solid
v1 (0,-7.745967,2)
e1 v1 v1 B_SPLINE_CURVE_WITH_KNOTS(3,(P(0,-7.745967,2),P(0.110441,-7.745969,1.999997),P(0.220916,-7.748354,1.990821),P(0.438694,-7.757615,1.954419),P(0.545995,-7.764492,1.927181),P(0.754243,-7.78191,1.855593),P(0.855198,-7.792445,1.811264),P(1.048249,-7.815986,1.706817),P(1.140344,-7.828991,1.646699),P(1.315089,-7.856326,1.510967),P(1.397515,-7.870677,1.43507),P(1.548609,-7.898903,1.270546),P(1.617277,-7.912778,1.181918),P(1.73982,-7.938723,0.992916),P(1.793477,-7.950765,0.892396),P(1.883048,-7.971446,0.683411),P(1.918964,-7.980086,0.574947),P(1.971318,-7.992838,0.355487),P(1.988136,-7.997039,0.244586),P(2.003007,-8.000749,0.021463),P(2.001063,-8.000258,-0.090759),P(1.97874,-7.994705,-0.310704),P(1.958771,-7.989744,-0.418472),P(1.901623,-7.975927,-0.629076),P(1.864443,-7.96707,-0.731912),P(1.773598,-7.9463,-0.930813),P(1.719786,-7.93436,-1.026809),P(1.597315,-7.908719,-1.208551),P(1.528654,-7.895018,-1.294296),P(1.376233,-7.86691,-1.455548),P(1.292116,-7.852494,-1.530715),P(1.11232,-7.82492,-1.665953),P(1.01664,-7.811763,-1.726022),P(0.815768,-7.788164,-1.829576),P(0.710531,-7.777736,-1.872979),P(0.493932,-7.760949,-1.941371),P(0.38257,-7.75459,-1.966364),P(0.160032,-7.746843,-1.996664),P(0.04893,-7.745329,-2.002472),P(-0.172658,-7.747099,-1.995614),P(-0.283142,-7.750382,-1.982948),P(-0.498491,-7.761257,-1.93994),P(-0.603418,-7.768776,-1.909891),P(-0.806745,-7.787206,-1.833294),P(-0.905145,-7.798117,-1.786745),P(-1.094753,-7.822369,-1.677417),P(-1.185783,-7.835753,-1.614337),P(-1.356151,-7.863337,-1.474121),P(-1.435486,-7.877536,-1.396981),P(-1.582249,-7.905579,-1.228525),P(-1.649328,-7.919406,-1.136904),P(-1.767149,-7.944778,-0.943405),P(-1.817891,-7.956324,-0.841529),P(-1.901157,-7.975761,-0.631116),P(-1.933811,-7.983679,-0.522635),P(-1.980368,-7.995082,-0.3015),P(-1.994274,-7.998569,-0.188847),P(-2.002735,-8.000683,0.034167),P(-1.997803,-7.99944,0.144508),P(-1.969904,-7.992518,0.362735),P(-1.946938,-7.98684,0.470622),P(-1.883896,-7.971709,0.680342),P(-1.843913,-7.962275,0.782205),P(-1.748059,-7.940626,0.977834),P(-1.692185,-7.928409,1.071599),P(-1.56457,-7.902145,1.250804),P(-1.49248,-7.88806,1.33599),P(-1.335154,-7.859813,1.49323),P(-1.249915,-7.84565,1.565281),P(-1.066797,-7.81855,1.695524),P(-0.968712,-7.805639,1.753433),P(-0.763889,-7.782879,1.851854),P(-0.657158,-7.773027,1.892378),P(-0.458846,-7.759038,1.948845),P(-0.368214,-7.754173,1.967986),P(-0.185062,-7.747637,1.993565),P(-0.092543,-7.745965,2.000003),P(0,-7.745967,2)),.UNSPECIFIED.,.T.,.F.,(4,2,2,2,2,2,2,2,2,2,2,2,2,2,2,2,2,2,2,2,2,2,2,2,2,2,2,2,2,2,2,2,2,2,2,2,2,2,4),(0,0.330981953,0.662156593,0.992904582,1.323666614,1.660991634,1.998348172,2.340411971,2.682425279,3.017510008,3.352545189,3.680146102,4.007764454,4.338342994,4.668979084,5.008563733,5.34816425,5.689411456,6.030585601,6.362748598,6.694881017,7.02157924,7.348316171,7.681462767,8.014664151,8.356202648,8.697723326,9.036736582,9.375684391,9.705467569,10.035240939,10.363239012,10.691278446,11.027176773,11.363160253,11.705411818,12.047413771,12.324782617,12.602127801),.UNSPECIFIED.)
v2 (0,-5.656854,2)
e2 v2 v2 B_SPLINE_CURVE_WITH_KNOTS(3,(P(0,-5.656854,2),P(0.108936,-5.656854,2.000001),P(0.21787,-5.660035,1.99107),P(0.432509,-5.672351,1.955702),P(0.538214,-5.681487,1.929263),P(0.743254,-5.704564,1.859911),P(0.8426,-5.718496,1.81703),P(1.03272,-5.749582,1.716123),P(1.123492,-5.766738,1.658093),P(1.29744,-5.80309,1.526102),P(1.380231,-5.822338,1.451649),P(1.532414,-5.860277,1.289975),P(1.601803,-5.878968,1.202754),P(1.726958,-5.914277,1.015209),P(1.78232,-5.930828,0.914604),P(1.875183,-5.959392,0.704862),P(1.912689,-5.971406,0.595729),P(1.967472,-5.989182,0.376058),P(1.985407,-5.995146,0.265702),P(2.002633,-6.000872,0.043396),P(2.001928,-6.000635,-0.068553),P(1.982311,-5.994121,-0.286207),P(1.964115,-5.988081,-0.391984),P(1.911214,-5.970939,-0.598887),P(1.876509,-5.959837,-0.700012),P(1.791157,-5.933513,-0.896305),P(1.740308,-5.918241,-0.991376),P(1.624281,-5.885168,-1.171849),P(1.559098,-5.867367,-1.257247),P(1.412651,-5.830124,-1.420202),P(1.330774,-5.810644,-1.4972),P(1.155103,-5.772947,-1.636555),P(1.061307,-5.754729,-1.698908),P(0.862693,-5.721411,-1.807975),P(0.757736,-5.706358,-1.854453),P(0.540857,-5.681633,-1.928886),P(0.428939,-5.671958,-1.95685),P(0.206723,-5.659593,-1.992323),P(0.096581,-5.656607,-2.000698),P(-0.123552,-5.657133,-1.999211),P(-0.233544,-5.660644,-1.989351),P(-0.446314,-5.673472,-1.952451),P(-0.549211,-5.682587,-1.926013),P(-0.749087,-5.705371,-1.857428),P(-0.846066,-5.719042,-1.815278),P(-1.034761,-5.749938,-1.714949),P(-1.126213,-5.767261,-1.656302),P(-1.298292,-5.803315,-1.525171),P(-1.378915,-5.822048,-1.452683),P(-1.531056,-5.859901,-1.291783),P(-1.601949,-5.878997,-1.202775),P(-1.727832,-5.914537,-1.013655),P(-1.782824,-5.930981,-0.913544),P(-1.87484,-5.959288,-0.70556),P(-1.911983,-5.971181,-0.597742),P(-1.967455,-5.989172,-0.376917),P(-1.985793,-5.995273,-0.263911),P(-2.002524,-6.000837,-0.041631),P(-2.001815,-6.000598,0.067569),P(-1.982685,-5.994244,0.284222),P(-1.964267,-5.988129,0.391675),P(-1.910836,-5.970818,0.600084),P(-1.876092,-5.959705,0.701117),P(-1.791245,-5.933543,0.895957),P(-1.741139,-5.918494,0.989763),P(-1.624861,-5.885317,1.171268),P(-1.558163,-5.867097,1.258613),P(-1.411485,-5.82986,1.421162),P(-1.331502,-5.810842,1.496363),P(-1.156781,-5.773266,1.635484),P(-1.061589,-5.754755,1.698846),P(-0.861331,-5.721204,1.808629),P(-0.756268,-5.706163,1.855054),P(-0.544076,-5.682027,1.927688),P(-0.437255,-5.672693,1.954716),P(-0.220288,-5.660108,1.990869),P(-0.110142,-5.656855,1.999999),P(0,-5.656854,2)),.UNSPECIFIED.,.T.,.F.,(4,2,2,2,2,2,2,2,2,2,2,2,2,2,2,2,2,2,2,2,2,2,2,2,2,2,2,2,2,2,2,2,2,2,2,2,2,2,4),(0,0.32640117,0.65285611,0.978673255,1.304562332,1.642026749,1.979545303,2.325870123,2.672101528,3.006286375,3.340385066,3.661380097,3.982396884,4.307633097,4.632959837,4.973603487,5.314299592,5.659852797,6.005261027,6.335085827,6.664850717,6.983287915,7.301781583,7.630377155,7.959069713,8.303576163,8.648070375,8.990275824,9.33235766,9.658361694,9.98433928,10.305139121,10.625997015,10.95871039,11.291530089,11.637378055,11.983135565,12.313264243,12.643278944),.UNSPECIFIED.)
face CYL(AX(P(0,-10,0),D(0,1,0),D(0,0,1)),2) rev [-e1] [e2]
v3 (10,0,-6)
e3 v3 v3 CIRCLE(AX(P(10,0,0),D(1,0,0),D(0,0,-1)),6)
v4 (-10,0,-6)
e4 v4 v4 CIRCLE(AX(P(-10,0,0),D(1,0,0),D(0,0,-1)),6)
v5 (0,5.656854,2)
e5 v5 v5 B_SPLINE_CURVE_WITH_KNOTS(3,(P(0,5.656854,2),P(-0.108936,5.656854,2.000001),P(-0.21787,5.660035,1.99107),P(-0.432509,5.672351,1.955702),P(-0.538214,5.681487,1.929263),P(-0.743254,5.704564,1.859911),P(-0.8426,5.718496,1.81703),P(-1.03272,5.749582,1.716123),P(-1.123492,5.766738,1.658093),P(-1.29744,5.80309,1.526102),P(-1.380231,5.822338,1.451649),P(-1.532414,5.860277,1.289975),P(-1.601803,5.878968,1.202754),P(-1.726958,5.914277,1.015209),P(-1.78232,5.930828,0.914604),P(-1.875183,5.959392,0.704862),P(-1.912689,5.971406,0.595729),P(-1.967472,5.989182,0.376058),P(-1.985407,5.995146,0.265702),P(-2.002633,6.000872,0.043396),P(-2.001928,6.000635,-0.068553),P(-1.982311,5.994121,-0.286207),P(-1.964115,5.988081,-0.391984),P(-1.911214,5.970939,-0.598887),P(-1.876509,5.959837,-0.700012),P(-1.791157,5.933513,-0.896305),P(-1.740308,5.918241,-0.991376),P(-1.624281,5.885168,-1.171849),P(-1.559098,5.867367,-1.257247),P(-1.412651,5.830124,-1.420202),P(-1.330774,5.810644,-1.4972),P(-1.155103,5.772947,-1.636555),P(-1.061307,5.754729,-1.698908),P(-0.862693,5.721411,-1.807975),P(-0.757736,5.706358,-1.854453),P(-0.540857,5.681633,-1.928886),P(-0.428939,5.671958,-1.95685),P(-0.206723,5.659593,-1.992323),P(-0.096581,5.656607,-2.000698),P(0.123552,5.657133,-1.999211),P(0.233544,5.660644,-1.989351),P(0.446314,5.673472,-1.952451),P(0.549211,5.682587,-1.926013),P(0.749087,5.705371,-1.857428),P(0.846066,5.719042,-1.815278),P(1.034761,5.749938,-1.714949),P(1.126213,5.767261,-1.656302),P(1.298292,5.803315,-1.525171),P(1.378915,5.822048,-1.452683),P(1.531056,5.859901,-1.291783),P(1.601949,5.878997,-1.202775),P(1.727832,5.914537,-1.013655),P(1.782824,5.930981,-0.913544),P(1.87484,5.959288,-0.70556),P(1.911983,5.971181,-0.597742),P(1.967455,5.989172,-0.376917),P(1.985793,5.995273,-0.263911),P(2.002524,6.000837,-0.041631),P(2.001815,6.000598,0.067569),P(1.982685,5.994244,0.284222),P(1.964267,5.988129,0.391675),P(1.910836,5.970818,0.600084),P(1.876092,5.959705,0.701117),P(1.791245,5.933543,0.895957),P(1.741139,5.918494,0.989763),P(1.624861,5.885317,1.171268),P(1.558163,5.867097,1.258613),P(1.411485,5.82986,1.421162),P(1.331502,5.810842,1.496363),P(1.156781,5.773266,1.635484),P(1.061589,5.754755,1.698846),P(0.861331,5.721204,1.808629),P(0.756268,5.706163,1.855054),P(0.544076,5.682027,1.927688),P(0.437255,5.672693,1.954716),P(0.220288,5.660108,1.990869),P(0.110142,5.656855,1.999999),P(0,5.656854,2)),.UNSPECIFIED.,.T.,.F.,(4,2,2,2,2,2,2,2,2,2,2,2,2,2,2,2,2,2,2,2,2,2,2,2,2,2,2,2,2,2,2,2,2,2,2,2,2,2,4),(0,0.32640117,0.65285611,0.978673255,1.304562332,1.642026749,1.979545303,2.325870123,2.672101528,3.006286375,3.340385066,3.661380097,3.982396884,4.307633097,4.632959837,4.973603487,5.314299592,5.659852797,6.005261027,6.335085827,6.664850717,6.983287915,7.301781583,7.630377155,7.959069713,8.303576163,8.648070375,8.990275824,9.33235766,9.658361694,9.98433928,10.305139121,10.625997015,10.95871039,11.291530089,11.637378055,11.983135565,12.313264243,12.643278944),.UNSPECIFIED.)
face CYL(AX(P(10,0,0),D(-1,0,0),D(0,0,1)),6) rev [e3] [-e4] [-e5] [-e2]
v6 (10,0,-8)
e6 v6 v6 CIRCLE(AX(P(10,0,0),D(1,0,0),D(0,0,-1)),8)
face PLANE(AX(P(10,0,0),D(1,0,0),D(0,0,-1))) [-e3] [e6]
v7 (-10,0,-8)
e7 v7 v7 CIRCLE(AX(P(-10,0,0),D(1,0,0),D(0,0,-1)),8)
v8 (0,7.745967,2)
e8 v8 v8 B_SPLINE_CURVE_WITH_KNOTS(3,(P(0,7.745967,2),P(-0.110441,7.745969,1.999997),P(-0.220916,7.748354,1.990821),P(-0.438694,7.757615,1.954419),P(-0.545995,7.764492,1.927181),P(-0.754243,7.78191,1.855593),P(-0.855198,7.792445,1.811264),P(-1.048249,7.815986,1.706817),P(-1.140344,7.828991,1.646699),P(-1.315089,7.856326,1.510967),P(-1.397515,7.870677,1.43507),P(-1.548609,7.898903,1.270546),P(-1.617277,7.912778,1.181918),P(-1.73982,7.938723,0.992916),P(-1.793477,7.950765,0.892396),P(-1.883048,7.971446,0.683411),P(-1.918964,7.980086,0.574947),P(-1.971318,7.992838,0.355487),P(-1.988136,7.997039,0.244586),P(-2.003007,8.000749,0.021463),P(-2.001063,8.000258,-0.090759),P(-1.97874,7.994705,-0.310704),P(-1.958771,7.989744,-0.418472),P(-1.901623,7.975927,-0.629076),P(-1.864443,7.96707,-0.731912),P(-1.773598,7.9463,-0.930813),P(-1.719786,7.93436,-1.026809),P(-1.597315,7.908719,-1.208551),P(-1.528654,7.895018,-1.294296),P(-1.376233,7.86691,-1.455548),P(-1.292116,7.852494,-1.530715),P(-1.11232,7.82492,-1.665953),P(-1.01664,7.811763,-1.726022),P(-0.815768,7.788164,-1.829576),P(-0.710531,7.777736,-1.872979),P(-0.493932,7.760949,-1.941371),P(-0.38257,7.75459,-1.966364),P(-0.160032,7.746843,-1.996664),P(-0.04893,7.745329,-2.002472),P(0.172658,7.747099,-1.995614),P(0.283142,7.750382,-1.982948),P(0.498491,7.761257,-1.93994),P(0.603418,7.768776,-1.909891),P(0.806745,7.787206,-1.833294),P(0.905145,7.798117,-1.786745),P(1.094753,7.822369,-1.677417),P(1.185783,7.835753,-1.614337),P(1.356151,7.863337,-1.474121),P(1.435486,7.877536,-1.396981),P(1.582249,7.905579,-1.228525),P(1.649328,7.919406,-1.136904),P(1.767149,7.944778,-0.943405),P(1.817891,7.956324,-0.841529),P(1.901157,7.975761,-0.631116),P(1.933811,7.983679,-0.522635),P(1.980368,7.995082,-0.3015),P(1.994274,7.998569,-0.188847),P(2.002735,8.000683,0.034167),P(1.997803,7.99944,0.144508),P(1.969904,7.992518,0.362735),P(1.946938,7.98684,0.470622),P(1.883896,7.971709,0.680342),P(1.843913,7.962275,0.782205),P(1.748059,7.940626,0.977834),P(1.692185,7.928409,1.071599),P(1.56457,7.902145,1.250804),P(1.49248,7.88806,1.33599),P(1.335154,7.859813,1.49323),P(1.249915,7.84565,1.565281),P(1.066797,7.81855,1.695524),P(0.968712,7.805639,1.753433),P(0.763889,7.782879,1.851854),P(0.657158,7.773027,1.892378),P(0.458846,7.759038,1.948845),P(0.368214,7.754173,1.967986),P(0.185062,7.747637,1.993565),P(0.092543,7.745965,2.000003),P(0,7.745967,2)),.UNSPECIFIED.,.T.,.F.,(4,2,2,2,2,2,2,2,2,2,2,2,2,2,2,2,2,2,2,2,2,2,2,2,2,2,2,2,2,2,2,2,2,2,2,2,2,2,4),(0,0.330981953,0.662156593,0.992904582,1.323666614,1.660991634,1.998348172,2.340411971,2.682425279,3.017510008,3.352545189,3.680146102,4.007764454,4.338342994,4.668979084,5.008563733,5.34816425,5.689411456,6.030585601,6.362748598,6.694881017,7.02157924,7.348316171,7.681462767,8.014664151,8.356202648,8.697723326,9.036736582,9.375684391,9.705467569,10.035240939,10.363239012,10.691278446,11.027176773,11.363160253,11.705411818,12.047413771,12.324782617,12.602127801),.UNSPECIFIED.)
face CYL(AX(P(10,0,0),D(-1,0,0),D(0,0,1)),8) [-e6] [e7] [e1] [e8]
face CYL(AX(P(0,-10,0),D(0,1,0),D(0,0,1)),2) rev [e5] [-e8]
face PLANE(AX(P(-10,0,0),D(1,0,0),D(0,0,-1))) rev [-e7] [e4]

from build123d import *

# Parameters (mm, degrees)
SKETCH1_R           = 8
SKETCH1_R_2         = 6
BOSS_EXTRUDE1_DEPTH = 10
SKETCH2_R           = 2
CUT_EXTRUDE1_DEPTH  = 10


with BuildPart() as part:
    # Sketch1 → Boss-Extrude1 (new body, symmetric)
    with BuildSketch(Plane(origin=(0, 0, 0), x_dir=(0, 0, -1), z_dir=(1, 0, 0))):
        Circle(SKETCH1_R)
        Circle(SKETCH1_R_2, mode=Mode.SUBTRACT)
    extrude(amount=BOSS_EXTRUDE1_DEPTH, both=True)

    # Sketch2 → Cut-Extrude1 (cut, symmetric)
    with BuildSketch(Plane(origin=(0, 0, 0), x_dir=(1, 0, 0), z_dir=(0, 1, 0))):
        Circle(SKETCH2_R)
    extrude(amount=CUT_EXTRUDE1_DEPTH, both=True, mode=Mode.SUBTRACT)


solid = part.part
